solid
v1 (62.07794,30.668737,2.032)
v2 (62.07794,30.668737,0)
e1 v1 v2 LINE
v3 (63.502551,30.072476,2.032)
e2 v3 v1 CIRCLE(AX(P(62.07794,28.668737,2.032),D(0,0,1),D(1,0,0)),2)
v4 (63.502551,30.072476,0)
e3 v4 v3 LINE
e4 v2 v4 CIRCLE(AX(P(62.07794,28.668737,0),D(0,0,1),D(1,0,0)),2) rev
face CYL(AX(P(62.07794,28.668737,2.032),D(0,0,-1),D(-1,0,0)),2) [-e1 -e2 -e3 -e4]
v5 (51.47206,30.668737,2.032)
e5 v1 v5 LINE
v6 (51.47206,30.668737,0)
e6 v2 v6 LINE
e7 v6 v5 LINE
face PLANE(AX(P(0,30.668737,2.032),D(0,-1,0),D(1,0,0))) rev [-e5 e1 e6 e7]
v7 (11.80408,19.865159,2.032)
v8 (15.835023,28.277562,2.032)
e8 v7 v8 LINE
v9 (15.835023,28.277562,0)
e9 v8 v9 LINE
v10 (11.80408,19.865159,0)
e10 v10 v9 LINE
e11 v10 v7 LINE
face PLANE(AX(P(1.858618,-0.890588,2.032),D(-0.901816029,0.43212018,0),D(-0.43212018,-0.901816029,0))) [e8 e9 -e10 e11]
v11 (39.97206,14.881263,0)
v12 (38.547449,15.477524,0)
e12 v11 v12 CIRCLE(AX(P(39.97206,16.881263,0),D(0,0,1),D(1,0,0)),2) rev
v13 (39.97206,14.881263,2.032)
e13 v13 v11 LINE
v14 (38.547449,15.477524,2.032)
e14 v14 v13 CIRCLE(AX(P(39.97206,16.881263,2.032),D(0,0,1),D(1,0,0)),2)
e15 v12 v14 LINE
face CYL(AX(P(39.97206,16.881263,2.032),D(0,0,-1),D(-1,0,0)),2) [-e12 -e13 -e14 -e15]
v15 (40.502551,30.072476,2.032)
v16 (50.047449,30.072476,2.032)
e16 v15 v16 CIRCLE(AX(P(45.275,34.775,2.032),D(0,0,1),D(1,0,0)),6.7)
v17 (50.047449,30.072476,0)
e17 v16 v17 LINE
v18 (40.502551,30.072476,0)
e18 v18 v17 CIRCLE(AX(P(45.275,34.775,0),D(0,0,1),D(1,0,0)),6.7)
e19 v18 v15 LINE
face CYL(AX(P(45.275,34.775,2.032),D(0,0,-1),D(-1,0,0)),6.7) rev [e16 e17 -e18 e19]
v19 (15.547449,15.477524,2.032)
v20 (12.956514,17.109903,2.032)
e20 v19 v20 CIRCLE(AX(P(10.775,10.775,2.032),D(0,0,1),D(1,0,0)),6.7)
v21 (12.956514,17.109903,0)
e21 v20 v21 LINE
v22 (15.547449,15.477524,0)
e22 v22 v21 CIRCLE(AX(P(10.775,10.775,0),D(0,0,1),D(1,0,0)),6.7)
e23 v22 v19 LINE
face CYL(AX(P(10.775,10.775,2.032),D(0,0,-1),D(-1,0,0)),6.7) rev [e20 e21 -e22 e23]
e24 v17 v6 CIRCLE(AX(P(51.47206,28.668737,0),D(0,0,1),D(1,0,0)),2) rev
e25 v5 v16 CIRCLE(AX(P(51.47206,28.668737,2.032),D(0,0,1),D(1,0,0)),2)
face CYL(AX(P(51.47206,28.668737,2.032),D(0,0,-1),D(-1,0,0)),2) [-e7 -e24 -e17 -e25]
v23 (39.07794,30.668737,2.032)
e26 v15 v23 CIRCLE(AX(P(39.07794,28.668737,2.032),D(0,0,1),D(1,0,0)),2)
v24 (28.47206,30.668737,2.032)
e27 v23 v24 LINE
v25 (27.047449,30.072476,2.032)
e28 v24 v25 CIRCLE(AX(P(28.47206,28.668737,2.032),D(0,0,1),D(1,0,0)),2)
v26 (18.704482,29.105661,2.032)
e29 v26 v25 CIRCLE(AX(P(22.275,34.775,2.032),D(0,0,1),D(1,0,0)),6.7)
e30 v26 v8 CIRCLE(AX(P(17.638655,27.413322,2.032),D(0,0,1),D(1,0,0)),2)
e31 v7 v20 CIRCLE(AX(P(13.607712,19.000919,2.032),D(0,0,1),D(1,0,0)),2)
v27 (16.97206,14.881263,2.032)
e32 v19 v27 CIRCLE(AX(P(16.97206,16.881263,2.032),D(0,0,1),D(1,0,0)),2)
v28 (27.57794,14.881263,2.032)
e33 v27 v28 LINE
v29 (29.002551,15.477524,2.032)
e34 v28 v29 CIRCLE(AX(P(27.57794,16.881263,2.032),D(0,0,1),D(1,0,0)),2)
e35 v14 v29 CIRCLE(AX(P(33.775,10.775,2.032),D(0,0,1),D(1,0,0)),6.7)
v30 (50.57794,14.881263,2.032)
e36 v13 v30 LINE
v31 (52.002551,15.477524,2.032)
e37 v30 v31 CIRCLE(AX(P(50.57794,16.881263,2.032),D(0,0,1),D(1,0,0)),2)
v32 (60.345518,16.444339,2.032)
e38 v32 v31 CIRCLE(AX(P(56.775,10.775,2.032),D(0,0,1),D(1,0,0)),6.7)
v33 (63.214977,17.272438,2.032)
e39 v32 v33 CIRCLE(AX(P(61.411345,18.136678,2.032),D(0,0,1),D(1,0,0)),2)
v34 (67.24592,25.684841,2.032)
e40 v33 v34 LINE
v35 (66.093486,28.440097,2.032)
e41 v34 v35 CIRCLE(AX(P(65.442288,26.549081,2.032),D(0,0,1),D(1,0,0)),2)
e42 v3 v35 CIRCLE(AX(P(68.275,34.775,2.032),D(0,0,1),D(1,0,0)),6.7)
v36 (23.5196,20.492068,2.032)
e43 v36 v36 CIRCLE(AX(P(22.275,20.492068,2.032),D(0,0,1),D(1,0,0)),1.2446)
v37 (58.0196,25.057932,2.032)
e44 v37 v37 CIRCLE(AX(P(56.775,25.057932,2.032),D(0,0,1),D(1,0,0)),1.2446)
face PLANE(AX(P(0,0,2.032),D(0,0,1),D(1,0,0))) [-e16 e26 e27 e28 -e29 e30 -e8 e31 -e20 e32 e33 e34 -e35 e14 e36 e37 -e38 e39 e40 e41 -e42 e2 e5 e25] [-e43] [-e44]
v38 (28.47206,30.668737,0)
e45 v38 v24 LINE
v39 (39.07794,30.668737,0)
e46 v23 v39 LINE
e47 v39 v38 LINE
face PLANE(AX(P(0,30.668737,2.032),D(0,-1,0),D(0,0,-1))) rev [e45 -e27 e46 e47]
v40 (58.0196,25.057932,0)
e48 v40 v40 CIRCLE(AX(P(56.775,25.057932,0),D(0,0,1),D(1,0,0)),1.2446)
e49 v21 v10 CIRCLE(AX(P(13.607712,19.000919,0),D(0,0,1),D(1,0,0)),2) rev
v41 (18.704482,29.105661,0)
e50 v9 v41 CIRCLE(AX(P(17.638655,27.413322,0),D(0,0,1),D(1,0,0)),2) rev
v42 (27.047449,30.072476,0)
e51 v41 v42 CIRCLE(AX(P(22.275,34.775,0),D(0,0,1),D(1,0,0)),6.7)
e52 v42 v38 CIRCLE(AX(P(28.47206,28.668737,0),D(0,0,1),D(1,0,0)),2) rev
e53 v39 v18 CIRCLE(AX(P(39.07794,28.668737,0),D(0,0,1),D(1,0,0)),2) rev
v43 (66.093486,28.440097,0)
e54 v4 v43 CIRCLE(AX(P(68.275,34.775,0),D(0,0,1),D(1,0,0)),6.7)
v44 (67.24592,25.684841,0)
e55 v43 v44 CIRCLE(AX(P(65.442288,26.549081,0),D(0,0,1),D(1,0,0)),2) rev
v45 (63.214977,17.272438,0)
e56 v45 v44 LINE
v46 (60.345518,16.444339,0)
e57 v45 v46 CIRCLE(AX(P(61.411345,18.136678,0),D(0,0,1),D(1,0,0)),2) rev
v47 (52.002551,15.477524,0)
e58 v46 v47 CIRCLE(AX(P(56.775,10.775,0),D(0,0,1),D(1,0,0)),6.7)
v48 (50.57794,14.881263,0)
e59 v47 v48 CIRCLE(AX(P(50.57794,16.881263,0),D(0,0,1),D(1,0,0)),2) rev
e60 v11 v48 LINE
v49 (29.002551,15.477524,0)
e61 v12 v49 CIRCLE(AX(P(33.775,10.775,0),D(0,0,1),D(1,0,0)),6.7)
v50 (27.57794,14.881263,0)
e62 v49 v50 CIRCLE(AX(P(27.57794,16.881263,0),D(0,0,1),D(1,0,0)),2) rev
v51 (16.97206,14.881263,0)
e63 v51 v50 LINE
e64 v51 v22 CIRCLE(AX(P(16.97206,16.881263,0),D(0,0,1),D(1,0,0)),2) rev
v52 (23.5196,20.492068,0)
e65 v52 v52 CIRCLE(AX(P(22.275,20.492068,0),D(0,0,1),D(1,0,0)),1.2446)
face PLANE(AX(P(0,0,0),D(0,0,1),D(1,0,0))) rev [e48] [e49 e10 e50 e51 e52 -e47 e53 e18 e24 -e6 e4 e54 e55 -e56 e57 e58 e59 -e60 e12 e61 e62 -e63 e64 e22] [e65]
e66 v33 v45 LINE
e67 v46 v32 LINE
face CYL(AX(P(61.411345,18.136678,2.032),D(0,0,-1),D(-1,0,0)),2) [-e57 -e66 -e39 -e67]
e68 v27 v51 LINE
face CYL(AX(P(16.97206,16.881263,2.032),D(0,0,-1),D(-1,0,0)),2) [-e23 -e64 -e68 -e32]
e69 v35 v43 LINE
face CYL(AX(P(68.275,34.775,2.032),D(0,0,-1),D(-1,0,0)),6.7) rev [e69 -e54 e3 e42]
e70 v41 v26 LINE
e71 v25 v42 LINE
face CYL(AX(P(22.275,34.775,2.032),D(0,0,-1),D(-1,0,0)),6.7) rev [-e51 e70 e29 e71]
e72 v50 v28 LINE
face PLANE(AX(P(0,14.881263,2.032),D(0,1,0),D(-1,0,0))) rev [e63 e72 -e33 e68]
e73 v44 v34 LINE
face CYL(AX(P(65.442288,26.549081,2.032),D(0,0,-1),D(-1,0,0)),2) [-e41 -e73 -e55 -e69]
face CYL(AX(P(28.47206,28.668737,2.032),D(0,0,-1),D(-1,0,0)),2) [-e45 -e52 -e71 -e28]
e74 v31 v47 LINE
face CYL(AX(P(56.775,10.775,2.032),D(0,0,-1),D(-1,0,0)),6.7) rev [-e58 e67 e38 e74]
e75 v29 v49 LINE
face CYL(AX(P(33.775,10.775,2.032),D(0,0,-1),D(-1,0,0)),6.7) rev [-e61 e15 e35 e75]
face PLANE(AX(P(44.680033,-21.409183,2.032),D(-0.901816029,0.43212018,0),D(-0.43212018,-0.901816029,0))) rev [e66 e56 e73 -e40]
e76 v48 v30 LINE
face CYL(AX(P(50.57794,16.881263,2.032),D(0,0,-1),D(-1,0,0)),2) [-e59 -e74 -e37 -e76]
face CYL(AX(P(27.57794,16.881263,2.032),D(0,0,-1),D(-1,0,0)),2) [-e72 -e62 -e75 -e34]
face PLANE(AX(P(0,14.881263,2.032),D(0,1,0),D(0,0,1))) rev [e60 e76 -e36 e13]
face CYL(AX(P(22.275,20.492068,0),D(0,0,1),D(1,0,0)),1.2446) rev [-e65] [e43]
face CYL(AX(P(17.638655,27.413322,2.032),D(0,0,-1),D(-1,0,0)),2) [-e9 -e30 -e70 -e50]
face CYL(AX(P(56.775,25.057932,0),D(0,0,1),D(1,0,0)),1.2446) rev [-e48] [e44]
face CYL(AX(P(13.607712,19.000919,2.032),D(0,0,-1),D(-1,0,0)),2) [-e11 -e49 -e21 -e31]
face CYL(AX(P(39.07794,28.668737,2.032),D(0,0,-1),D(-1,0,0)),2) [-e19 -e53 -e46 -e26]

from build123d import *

# Parameters (mm, degrees)
BOSS_EXTRUDE1_DEPTH = 2.032
FILLET1_R           = 2
SKETCH4_R           = 1.2446
CUT_EXTRUDE1_DEPTH  = 75.115872934


with BuildPart() as part:
    # Sketch3 → Boss-Extrude1 (new body)
    with BuildSketch(Plane.XY):
        with BuildLine():
            Line((62.980794963, 30.66873734), (50.569205037, 30.66873734))
            ThreePointArc((50.569205037, 30.66873734), (45.275, 28.075), (39.980794963, 30.66873734))
            Line((39.980794963, 30.66873734), (27.569205037, 30.66873734))
            ThreePointArc((27.569205037, 30.66873734), (22.275, 28.075), (16.980794963, 30.66873734))
            Line((16.980794963, 30.66873734), (10.658308864, 17.473983742))
            ThreePointArc((10.658308864, 17.473983742), (13.670205209, 16.817167392), (16.069205037, 14.88126266))
            Line((16.069205037, 14.88126266), (28.480794963, 14.88126266))
            ThreePointArc((28.480794963, 14.88126266), (33.775, 17.475), (39.069205037, 14.88126266))
            Line((39.069205037, 14.88126266), (51.480794963, 14.88126266))
            ThreePointArc((51.480794963, 14.88126266), (56.775, 17.475), (62.069205037, 14.88126266))
            Line((62.069205037, 14.88126266), (68.391691136, 28.076016258))
            ThreePointArc((68.391691136, 28.076016258), (65.379794791, 28.732832608), (62.980794963, 30.66873734))
        make_face()
    extrude(amount=BOSS_EXTRUDE1_DEPTH)

    # Fillet1
    fillet1_edges = [part.edges().sort_by_distance(p)[0] for p in [
        (68.391691136, 28.076016258, 1.016),
        (62.069205037, 14.88126266, 1.016),
        (51.480794963, 14.88126266, 1.016),
        (39.069205037, 14.88126266, 1.016),
        (28.480794963, 14.88126266, 1.016),
        (16.069205037, 14.88126266, 1.016),
        (10.658308864, 17.473983742, 1.016),
        (16.980794963, 30.66873734, 1.016),
        (27.569205037, 30.66873734, 1.016),
        (39.980794963, 30.66873734, 1.016),
        (50.569205037, 30.66873734, 1.016),
        (62.980794963, 30.66873734, 1.016),
    ]]
    fillet(fillet1_edges, radius=FILLET1_R)

    # Sketch4 → Cut-Extrude1 (cut, through all)
    with BuildSketch(Plane.XY.offset(2.032)):
        with Locations((22.275, 20.49206771)):
            Circle(SKETCH4_R)
        with Locations((56.775, 25.05793229)):
            Circle(SKETCH4_R)
    extrude(amount=-CUT_EXTRUDE1_DEPTH, mode=Mode.SUBTRACT)


solid = part.part
